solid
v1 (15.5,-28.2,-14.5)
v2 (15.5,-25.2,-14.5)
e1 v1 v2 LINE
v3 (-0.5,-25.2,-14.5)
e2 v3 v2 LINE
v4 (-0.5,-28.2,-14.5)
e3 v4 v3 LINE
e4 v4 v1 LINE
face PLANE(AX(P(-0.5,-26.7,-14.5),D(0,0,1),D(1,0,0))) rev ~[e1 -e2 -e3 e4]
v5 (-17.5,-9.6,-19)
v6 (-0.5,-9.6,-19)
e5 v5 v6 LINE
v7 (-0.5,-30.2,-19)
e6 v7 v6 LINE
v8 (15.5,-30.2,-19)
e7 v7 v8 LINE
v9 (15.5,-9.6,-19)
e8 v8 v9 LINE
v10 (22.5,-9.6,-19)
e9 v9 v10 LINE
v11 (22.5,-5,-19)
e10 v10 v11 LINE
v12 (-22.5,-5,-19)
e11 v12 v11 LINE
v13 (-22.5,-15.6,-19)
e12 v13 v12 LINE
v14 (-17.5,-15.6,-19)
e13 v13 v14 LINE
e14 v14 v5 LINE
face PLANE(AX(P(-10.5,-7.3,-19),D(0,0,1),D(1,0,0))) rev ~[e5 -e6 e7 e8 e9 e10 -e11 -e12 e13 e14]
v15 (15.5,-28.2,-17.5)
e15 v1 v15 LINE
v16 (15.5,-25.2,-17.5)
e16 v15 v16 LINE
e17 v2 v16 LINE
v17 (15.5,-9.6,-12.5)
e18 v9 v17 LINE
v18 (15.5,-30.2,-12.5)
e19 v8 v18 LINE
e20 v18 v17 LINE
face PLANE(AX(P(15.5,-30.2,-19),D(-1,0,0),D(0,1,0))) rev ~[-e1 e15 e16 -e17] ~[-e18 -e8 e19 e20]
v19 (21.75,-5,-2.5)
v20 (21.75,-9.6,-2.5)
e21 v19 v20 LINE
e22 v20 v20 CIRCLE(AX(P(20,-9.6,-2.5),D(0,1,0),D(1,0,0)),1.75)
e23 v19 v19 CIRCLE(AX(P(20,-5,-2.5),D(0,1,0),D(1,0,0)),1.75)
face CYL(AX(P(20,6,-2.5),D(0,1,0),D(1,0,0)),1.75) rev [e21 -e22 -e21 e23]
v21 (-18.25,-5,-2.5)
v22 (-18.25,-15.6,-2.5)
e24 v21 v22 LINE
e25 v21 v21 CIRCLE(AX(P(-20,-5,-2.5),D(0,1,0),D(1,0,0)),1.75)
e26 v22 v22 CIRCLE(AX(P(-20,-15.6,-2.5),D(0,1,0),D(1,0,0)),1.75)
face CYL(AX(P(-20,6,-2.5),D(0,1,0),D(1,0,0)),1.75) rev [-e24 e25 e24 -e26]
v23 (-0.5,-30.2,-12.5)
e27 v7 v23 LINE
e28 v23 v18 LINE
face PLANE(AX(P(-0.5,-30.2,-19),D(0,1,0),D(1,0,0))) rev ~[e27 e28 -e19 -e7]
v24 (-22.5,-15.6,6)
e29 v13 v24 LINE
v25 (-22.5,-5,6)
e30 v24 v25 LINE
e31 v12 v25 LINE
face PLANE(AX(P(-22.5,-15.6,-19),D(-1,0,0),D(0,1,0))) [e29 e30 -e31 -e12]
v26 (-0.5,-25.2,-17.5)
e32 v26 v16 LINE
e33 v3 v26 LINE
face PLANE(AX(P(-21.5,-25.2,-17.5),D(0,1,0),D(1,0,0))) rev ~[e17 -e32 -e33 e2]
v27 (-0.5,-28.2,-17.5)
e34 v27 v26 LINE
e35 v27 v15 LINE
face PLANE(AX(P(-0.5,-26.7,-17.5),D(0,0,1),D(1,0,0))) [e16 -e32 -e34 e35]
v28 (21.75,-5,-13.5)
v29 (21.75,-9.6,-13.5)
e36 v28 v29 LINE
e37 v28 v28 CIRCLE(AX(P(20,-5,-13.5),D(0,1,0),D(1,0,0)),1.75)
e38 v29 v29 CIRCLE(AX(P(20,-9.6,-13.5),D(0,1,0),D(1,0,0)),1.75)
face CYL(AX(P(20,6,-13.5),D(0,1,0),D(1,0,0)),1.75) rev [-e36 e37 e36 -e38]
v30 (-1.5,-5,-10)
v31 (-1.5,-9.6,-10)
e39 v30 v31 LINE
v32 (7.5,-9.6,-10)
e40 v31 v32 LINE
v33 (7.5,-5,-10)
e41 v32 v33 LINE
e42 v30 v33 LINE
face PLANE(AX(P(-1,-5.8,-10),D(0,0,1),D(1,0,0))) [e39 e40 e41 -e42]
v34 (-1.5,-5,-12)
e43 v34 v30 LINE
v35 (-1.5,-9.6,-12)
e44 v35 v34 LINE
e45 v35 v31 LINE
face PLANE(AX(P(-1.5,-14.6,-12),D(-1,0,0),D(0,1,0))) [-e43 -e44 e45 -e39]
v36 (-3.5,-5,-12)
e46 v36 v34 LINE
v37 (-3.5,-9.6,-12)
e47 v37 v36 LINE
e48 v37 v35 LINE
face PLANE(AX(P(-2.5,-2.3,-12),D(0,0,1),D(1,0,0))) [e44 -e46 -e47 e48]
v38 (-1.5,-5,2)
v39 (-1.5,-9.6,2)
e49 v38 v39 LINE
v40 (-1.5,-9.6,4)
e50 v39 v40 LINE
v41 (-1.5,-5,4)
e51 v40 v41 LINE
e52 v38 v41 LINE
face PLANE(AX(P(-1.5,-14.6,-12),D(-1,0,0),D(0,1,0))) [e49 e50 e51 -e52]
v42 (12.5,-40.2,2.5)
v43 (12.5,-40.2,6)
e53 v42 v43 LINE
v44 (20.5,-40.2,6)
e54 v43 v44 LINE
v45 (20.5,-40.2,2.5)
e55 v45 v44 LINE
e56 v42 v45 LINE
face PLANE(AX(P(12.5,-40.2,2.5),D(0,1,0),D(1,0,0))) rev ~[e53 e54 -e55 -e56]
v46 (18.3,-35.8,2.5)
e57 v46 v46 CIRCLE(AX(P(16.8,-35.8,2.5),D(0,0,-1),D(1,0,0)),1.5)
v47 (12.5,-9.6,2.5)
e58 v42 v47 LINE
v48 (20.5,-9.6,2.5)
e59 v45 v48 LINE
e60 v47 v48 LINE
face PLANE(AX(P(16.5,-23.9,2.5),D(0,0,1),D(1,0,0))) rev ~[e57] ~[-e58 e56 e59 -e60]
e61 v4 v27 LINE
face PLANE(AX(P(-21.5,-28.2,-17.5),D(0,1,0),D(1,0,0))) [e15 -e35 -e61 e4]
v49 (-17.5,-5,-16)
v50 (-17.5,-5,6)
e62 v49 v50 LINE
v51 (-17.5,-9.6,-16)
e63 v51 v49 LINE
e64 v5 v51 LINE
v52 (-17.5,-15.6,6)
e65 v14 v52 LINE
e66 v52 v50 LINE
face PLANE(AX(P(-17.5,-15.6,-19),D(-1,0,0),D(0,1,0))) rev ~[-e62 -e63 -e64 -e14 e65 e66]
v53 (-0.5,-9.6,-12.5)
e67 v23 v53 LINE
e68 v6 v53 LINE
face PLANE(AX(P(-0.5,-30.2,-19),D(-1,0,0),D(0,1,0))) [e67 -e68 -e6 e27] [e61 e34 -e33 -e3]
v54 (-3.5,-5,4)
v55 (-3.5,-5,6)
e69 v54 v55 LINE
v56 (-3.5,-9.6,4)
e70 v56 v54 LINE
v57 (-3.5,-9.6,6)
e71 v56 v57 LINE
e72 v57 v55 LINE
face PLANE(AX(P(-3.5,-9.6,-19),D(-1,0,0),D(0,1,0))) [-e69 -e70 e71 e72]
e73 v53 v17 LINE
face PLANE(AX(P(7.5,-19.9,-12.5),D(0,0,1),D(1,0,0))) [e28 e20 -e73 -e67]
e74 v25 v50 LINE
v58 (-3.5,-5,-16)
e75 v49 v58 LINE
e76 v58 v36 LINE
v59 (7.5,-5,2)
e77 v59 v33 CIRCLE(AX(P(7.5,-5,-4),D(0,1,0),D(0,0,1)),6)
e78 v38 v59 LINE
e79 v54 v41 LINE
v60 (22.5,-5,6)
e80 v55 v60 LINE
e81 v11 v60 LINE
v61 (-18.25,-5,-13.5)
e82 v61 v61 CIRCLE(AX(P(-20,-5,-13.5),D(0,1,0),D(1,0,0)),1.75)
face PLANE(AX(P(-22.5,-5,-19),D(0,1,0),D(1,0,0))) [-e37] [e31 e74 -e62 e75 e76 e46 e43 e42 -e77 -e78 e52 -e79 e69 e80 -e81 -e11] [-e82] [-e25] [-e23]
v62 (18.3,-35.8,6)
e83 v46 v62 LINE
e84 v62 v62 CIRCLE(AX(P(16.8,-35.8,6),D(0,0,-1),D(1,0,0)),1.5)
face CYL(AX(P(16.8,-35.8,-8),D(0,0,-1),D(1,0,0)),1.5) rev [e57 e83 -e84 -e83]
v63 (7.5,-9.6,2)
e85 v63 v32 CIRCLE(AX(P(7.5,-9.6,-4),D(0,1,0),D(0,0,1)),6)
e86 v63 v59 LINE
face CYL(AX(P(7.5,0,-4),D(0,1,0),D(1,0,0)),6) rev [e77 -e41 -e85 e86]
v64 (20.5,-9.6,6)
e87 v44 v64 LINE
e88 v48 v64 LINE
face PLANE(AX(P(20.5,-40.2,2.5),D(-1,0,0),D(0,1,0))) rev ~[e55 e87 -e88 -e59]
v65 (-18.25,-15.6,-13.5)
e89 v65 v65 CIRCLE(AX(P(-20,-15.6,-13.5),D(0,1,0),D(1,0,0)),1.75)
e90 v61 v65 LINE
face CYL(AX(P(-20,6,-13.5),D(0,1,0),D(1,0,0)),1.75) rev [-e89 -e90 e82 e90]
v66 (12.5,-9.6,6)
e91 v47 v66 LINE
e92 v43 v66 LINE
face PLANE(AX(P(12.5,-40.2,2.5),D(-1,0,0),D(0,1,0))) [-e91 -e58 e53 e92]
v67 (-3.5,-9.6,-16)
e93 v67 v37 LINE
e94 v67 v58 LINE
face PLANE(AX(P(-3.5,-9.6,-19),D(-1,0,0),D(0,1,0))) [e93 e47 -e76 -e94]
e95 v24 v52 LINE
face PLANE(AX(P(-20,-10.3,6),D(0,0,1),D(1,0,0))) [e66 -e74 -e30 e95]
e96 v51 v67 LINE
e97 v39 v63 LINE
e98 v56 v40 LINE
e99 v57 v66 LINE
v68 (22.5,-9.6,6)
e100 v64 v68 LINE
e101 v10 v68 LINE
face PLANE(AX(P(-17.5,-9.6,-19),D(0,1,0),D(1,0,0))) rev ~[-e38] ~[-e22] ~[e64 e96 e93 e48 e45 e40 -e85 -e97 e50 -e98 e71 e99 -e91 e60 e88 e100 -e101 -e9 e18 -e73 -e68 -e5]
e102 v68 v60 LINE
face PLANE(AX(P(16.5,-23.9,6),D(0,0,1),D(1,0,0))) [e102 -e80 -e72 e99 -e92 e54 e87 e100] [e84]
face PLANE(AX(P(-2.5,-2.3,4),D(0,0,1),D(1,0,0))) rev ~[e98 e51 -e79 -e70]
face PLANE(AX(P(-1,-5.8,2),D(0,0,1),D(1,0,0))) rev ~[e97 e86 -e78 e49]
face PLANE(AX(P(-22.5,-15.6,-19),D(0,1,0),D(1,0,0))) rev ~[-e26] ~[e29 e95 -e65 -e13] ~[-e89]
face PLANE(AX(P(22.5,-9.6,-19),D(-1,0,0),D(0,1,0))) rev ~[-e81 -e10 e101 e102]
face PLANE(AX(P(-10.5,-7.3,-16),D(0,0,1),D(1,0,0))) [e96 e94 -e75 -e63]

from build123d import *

# Parameters (mm, degrees)
CYLINDER043_R           = 1.75
CYLINDER043_DEPTH       = 44
CYLINDER043_ROLL_ANGLE  = 90
CYLINDER045_R           = 6
CYLINDER045_DEPTH       = 34
CYLINDER045_ROLL_ANGLE  = 90
BOX078_W                = 17
BOX078_H                = 17.6
BOX078_DEPTH            = 12
CYLINDER046_R           = 1.75
CYLINDER046_DEPTH       = 44
CYLINDER046_ROLL_ANGLE  = 90
BOX082_W                = 2
BOX082_H                = 24.6
BOX082_DEPTH            = 16
CYLINDER040_R           = 1.75
CYLINDER040_DEPTH       = 44
CYLINDER040_ROLL_ANGLE  = 90
CYLINDER047_R           = 1.75
CYLINDER047_DEPTH       = 21
CYLINDER047_PITCH_ANGLE = 90
CYLINDER052_R           = 1.5
CYLINDER052_DEPTH       = 42
BOX088_W                = 42
BOX088_H                = 3
BOX088_DEPTH            = 3
CYLINDER044_R           = 1.75
CYLINDER044_DEPTH       = 44
CYLINDER044_ROLL_ANGLE  = 90
BOX075_W                = 26
BOX075_H                = 4.6
BOX075_DEPTH            = 25
BOX083_W                = 14
BOX083_H                = 4.6
BOX083_DEPTH            = 3
BOX086_W                = 8
BOX086_H                = 32.6
BOX086_DEPTH            = 3.5
BOX087_W                = 16
BOX087_H                = 20.6
BOX087_DEPTH            = 6.5
BOX079_W                = 5
BOX079_H                = 10.6
BOX079_DEPTH            = 25


with BuildPart() as cylinder_for_hole_9_groovemount_l004:
    # Cylinder043 → Cylinder043 (new body)
    with BuildSketch(Plane.XY):
        Circle(CYLINDER043_R)
    extrude(amount=CYLINDER043_DEPTH)


with BuildPart() as cylinder_for_hole_9_groovemount_l004_1:
    # Cylinder043 roll: moved
    add(cylinder_for_hole_9_groovemount_l004.part.rotate(Axis((0, 0, 0), (1, 0, 0)), CYLINDER043_ROLL_ANGLE))


with BuildPart() as cylinder_for_hole_9_groovemount_l004_2:
    # Cylinder043 placement: moved
    add(cylinder_for_hole_9_groovemount_l004_1.part.moved(Location((-20, 6, -2.5))))


with BuildPart() as jhead_hole001:
    # Cylinder045 → Cylinder045 (new body)
    with BuildSketch(Plane.XY):
        Circle(CYLINDER045_R)
    extrude(amount=CYLINDER045_DEPTH)


with BuildPart() as jhead_hole001_1:
    # Cylinder045 roll: moved
    add(jhead_hole001.part.rotate(Axis((0, 0, 0), (1, 0, 0)), CYLINDER045_ROLL_ANGLE))


with BuildPart() as jhead_hole001_2:
    # Cylinder045 placement: moved
    add(jhead_hole001_1.part.moved(Location((7.5, 0, -4))))


with BuildPart() as jhead_retention_plate_slide_in_hole001:
    # Box078 → Box078 (new body)
    with BuildSketch(Plane(origin=(-9.5, -14.6, -10), x_dir=(1, 0, 0), z_dir=(0, 0, 1))):
        with Locations((8.5, 8.8)):
            Rectangle(BOX078_W, BOX078_H)
    extrude(amount=BOX078_DEPTH)


with BuildPart() as cylinder_for_hole_4_motherboard004:
    # Cylinder046 → Cylinder046 (new body)
    with BuildSketch(Plane.XY):
        Circle(CYLINDER046_R)
    extrude(amount=CYLINDER046_DEPTH)


with BuildPart() as cylinder_for_hole_4_motherboard004_1:
    # Cylinder046 roll: moved
    add(cylinder_for_hole_4_motherboard004.part.rotate(Axis((0, 0, 0), (1, 0, 0)), CYLINDER046_ROLL_ANGLE))


with BuildPart() as cylinder_for_hole_4_motherboard004_2:
    # Cylinder046 placement: moved
    add(cylinder_for_hole_4_motherboard004_1.part.moved(Location((20, 6, -13.5))))


with BuildPart() as retention_hexagon_head_slide_in_hole:
    # Box082 → Box082 (new body)
    with BuildSketch(Plane(origin=(-3.5, -14.6, -12), x_dir=(1, 0, 0), z_dir=(0, 0, 1))):
        with Locations((1, 12.3)):
            Rectangle(BOX082_W, BOX082_H)
    extrude(amount=BOX082_DEPTH)


with BuildPart() as cylinder_for_hole_3_motherboard003:
    # Cylinder040 → Cylinder040 (new body)
    with BuildSketch(Plane.XY):
        Circle(CYLINDER040_R)
    extrude(amount=CYLINDER040_DEPTH)


with BuildPart() as cylinder_for_hole_3_motherboard003_1:
    # Cylinder040 roll: moved
    add(cylinder_for_hole_3_motherboard003.part.rotate(Axis((0, 0, 0), (1, 0, 0)), CYLINDER040_ROLL_ANGLE))


with BuildPart() as cylinder_for_hole_3_motherboard003_2:
    # Cylinder040 placement: moved
    add(cylinder_for_hole_3_motherboard003_1.part.moved(Location((-20, 6, -13.5))))


with BuildPart() as f_30x30_fan_hole:
    # Cylinder047 → Cylinder047 (new body)
    with BuildSketch(Plane.XY):
        Circle(CYLINDER047_R)
    extrude(amount=CYLINDER047_DEPTH)


with BuildPart() as f_30x30_fan_hole_1:
    # Cylinder047 pitch: moved
    add(f_30x30_fan_hole.part.rotate(Axis((0, 0, 0), (0, 1, 0)), CYLINDER047_PITCH_ANGLE))


with BuildPart() as f_30x30_fan_hole_2:
    # Cylinder047 placement: moved
    add(f_30x30_fan_hole_1.part.moved(Location((-24, -10, 11))))


with BuildPart() as extruder_screw_r:
    # Cylinder052 → Cylinder052 (new body)
    with BuildSketch(Plane(origin=(16.8, -35.8, -8), x_dir=(1, 0, 0), z_dir=(0, 0, 1))):
        Circle(CYLINDER052_R)
    extrude(amount=CYLINDER052_DEPTH)


with BuildPart() as fastener_hole:
    # Box088 → Box088 (new body)
    with BuildSketch(Plane(origin=(-21.5, -28.2, -17.5), x_dir=(1, 0, 0), z_dir=(0, 0, 1))):
        with Locations((21, 1.5)):
            Rectangle(BOX088_W, BOX088_H)
    extrude(amount=BOX088_DEPTH)


with BuildPart() as hexagon_retention_block_holes:
    # Cylinder044 → Cylinder044 (new body)
    with BuildSketch(Plane.XY):
        Circle(CYLINDER044_R)
    extrude(amount=CYLINDER044_DEPTH)


with BuildPart() as hexagon_retention_block_holes_1:
    # Cylinder044 roll: moved
    add(hexagon_retention_block_holes.part.rotate(Axis((0, 0, 0), (1, 0, 0)), CYLINDER044_ROLL_ANGLE))


with BuildPart() as hexagon_retention_block_holes_2:
    # Cylinder044 placement: moved
    add(hexagon_retention_block_holes_1.part.moved(Location((20, 6, -2.5))))

    # Fusion020: union cylinder for hole 9 - Groovemount L004, jhead hole001, jhead retention plate slide in hole001, cylinder for hole 4 - Motherboard004, retention hexagon head slide in hole, cylinder for hole 3 - Motherboard003, 30x30 fan hole, extruder screw  R, fastener hole
    add(cylinder_for_hole_9_groovemount_l004_2.part)
    add(jhead_hole001_2.part)
    add(jhead_retention_plate_slide_in_hole001.part)
    add(cylinder_for_hole_4_motherboard004_2.part)
    add(retention_hexagon_head_slide_in_hole.part)
    add(cylinder_for_hole_3_motherboard003_2.part)
    add(f_30x30_fan_hole_2.part)
    add(extruder_screw_r.part)
    add(fastener_hole.part)


with BuildPart() as jhead_retention_plate_body001:
    # Box075 → Box075 (new body)
    with BuildSketch(Plane(origin=(-3.5, -9.6, -19), x_dir=(1, 0, 0), z_dir=(0, 0, 1))):
        with Locations((13, 2.3)):
            Rectangle(BOX075_W, BOX075_H)
    extrude(amount=BOX075_DEPTH)


with BuildPart() as fan_bracket_retention_plate_joint:
    # Box083 → Box083 (new body)
    with BuildSketch(Plane(origin=(-17.5, -9.6, -19), x_dir=(1, 0, 0), z_dir=(0, 0, 1))):
        with Locations((7, 2.3)):
            Rectangle(BOX083_W, BOX083_H)
    extrude(amount=BOX083_DEPTH)


with BuildPart() as motor_bracket_base_r:
    # Box086 → Box086 (new body)
    with BuildSketch(Plane(origin=(12.5, -40.2, 2.5), x_dir=(1, 0, 0), z_dir=(0, 0, 1))):
        with Locations((4, 16.3)):
            Rectangle(BOX086_W, BOX086_H)
    extrude(amount=BOX086_DEPTH)


with BuildPart() as motor_support:
    # Box087 → Box087 (new body)
    with BuildSketch(Plane(origin=(-0.5, -30.2, -19), x_dir=(1, 0, 0), z_dir=(0, 0, 1))):
        with Locations((8, 10.3)):
            Rectangle(BOX087_W, BOX087_H)
    extrude(amount=BOX087_DEPTH)


with BuildPart() as hexagon_retention_block_with_holes:
    # Box079 → Box079 (new body)
    with BuildSketch(Plane(origin=(-22.5, -15.6, -19), x_dir=(1, 0, 0), z_dir=(0, 0, 1))):
        with Locations((2.5, 5.3)):
            Rectangle(BOX079_W, BOX079_H)
    extrude(amount=BOX079_DEPTH)

    # Fusion021: union jhead retention plate body001, fan bracket retention plate joint, motor bracket base R, motor support
    add(jhead_retention_plate_body001.part)
    add(fan_bracket_retention_plate_joint.part)
    add(motor_bracket_base_r.part)
    add(motor_support.part)

    # Cut012: cut hexagon retention block holes
    add(hexagon_retention_block_holes_2.part, mode=Mode.SUBTRACT)


solid = hexagon_retention_block_with_holes.part
